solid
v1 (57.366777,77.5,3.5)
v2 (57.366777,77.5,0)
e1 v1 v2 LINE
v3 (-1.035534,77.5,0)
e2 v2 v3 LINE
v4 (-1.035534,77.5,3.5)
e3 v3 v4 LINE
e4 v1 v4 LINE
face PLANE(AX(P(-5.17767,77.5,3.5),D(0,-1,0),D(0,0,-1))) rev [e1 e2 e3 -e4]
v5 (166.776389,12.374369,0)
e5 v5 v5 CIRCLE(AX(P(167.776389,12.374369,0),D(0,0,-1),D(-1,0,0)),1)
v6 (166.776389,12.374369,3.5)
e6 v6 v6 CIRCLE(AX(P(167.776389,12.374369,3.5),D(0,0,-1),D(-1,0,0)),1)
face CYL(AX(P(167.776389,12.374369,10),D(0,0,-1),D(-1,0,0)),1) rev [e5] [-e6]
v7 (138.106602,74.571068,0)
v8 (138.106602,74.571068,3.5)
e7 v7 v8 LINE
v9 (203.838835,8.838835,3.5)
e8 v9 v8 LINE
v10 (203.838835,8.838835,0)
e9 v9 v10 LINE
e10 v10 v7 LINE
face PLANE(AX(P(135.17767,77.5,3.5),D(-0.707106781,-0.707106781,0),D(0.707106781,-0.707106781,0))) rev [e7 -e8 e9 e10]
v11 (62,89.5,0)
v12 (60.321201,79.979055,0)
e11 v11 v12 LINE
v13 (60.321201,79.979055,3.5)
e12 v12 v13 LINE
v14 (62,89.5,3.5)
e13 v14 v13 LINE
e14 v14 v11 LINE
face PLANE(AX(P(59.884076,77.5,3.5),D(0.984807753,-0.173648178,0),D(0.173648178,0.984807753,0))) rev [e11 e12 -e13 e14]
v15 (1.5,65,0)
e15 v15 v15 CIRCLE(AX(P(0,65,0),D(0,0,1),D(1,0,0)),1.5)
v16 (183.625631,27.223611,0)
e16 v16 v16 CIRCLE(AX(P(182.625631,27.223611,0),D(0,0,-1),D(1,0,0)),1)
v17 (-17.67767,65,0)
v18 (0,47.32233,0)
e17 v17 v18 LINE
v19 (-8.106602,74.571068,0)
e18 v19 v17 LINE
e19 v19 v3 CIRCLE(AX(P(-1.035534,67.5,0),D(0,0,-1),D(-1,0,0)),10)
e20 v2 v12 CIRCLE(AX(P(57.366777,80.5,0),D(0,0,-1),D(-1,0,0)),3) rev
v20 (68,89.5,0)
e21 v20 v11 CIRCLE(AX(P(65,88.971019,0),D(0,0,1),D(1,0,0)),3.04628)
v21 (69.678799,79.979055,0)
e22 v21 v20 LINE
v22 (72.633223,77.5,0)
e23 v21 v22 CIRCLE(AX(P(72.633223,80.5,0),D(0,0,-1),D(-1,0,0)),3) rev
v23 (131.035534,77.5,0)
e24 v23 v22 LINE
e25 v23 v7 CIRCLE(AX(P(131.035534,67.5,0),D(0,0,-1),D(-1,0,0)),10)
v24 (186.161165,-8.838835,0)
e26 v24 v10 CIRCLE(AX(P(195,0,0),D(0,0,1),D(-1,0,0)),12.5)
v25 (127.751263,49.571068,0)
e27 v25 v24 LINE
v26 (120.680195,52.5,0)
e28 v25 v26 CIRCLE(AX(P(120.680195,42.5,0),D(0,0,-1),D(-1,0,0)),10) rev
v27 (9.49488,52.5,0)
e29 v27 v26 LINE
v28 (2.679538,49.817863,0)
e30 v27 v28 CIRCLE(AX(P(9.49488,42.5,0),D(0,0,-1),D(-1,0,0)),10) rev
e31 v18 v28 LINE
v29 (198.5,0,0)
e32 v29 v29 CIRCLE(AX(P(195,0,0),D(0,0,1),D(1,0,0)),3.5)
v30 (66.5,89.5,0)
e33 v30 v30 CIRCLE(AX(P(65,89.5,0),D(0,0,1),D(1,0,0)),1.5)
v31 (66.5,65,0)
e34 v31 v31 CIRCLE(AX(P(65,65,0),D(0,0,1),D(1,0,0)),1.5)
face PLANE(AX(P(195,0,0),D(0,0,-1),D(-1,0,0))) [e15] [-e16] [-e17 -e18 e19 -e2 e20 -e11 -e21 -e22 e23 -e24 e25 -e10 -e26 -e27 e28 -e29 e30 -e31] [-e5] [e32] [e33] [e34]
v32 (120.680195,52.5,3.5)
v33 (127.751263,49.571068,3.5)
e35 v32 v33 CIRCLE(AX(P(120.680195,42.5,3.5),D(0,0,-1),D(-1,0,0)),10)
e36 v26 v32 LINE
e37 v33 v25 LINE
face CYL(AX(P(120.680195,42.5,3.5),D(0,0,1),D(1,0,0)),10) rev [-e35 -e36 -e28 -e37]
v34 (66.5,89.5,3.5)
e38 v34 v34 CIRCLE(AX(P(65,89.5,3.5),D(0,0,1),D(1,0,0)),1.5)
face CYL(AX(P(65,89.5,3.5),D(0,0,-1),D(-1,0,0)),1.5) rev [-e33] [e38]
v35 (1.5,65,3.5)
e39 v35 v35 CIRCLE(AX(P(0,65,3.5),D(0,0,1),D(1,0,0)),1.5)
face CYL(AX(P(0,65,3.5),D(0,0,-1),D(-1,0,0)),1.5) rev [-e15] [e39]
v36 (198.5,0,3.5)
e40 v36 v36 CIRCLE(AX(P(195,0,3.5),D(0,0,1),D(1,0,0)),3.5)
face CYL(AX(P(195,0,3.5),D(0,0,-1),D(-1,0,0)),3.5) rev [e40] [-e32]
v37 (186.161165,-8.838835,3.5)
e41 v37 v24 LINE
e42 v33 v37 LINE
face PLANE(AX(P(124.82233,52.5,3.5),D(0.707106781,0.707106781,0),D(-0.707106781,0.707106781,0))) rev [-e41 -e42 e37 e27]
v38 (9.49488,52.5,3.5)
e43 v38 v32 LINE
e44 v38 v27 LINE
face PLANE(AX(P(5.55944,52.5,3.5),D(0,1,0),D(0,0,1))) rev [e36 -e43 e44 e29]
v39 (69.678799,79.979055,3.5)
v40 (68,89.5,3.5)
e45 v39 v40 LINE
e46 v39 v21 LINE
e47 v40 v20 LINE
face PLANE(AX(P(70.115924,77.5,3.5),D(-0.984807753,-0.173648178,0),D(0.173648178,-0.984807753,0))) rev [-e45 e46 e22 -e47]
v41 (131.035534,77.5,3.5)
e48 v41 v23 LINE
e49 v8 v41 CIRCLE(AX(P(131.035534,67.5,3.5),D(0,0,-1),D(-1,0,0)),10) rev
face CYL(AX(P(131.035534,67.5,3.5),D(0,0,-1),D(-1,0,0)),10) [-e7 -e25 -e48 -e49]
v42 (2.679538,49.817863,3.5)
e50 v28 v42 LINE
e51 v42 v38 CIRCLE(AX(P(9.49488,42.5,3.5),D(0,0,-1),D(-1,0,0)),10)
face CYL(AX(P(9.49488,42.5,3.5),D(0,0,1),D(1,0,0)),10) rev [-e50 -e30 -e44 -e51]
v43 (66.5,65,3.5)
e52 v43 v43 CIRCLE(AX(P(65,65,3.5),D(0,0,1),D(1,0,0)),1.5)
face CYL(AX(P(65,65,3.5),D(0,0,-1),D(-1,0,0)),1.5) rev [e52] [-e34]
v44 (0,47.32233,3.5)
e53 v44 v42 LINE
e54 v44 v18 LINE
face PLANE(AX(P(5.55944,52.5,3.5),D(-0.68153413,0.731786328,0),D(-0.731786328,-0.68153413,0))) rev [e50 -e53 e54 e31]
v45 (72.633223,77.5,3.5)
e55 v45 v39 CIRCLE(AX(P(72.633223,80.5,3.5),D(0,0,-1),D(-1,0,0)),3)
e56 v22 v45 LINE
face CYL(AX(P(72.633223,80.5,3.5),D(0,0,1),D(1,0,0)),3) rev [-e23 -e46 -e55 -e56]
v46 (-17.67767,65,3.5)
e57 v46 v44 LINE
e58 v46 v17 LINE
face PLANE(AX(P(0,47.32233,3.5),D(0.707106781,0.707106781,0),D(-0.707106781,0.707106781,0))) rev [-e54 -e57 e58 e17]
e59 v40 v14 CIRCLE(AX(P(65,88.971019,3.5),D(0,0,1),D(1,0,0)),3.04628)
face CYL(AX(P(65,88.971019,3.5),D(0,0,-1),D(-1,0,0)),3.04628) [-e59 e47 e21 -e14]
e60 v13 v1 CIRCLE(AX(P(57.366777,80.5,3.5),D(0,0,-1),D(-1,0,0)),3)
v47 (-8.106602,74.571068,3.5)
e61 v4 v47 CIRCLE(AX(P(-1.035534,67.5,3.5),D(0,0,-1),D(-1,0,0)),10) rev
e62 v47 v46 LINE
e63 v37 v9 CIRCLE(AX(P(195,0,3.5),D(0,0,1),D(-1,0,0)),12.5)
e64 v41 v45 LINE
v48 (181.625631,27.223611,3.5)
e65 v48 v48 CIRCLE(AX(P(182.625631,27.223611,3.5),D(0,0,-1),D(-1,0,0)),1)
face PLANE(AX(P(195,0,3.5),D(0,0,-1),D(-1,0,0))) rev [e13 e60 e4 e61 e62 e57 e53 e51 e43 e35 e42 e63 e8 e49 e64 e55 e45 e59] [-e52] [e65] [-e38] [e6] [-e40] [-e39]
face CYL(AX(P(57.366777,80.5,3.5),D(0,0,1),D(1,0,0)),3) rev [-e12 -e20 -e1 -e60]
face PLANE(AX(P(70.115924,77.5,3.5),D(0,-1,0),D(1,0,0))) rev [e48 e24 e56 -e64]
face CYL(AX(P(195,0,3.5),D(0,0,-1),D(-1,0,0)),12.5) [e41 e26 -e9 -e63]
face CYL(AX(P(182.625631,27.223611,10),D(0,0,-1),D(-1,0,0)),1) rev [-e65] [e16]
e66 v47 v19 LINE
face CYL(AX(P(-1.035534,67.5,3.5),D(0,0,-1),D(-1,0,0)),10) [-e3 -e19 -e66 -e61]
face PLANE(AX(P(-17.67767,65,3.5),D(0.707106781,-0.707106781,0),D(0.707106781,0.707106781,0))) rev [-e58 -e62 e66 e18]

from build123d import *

# Parameters (mm, degrees)
SKETCH3_R           = 3.5
SKETCH3_R_2         = 1.5
BOSS_EXTRUDE1_DEPTH = 3.5
FILLET1_R           = 10
FILLET2_R           = 3
SKETCH4_R           = 1
CUT_EXTRUDE1_DEPTH  = 10


with BuildPart() as part:
    # Sketch3 → Boss-Extrude1 (new body)
    with BuildSketch(Plane.XY):
        with BuildLine():
            Line((5.559439508, 52.5), (0, 47.32233047))
            Line((0, 47.32233047), (-17.67766953, 65))
            Line((-17.67766953, 65), (-5.17766953, 77.5))
            Line((-5.17766953, 77.5), (59.884076231, 77.5))
            Line((59.884076231, 77.5), (62, 89.5))
            ThreePointArc((62, 89.5), (65, 92.017298894), (68, 89.5))
            Line((68, 89.5), (70.115923769, 77.5))
            Line((70.115923769, 77.5), (135.17766953, 77.5))
            Line((135.17766953, 77.5), (203.838834765, 8.838834765))
            ThreePointArc((203.838834765, 8.838834765), (203.838834765, -8.838834765), (186.161165235, -8.838834765))
            Line((186.161165235, -8.838834765), (124.82233047, 52.5))
            Line((124.82233047, 52.5), (5.559439508, 52.5))
        make_face()
        with Locations((195, 0)):
            Circle(SKETCH3_R, mode=Mode.SUBTRACT)
        with Locations((0, 65)):
            Circle(SKETCH3_R_2, mode=Mode.SUBTRACT)
        with Locations((65, 65)):
            Circle(SKETCH3_R_2, mode=Mode.SUBTRACT)
        with Locations((65, 89.5)):
            Circle(SKETCH3_R_2, mode=Mode.SUBTRACT)
    extrude(amount=BOSS_EXTRUDE1_DEPTH)

    # Fillet1
    fillet1_edges = [part.edges().sort_by_distance(p)[0] for p in [
        (5.559439508, 52.5, 1.75),
        (-5.17766953, 77.5, 1.75),
        (135.17766953, 77.5, 1.75),
        (124.82233047, 52.5, 1.75),
    ]]
    fillet(fillet1_edges, radius=FILLET1_R)

    # Fillet2
    fillet2_edges = [part.edges().sort_by_distance(p)[0] for p in [
        (59.884076231, 77.5, 1.75),
        (70.115923769, 77.5, 1.75),
    ]]
    fillet(fillet2_edges, radius=FILLET2_R)

    # Sketch4 → Cut-Extrude1 (cut)
    with BuildSketch(Plane(origin=(0, 0, 0), x_dir=(-1, 0, 0), z_dir=(0, 0, -1))):
        with Locations((-167.776388924, 12.374368671)):
            Circle(SKETCH4_R)
        with Locations((-182.625631329, 27.223611076)):
            Circle(SKETCH4_R)
    extrude(amount=-CUT_EXTRUDE1_DEPTH, mode=Mode.SUBTRACT)


solid = part.part
